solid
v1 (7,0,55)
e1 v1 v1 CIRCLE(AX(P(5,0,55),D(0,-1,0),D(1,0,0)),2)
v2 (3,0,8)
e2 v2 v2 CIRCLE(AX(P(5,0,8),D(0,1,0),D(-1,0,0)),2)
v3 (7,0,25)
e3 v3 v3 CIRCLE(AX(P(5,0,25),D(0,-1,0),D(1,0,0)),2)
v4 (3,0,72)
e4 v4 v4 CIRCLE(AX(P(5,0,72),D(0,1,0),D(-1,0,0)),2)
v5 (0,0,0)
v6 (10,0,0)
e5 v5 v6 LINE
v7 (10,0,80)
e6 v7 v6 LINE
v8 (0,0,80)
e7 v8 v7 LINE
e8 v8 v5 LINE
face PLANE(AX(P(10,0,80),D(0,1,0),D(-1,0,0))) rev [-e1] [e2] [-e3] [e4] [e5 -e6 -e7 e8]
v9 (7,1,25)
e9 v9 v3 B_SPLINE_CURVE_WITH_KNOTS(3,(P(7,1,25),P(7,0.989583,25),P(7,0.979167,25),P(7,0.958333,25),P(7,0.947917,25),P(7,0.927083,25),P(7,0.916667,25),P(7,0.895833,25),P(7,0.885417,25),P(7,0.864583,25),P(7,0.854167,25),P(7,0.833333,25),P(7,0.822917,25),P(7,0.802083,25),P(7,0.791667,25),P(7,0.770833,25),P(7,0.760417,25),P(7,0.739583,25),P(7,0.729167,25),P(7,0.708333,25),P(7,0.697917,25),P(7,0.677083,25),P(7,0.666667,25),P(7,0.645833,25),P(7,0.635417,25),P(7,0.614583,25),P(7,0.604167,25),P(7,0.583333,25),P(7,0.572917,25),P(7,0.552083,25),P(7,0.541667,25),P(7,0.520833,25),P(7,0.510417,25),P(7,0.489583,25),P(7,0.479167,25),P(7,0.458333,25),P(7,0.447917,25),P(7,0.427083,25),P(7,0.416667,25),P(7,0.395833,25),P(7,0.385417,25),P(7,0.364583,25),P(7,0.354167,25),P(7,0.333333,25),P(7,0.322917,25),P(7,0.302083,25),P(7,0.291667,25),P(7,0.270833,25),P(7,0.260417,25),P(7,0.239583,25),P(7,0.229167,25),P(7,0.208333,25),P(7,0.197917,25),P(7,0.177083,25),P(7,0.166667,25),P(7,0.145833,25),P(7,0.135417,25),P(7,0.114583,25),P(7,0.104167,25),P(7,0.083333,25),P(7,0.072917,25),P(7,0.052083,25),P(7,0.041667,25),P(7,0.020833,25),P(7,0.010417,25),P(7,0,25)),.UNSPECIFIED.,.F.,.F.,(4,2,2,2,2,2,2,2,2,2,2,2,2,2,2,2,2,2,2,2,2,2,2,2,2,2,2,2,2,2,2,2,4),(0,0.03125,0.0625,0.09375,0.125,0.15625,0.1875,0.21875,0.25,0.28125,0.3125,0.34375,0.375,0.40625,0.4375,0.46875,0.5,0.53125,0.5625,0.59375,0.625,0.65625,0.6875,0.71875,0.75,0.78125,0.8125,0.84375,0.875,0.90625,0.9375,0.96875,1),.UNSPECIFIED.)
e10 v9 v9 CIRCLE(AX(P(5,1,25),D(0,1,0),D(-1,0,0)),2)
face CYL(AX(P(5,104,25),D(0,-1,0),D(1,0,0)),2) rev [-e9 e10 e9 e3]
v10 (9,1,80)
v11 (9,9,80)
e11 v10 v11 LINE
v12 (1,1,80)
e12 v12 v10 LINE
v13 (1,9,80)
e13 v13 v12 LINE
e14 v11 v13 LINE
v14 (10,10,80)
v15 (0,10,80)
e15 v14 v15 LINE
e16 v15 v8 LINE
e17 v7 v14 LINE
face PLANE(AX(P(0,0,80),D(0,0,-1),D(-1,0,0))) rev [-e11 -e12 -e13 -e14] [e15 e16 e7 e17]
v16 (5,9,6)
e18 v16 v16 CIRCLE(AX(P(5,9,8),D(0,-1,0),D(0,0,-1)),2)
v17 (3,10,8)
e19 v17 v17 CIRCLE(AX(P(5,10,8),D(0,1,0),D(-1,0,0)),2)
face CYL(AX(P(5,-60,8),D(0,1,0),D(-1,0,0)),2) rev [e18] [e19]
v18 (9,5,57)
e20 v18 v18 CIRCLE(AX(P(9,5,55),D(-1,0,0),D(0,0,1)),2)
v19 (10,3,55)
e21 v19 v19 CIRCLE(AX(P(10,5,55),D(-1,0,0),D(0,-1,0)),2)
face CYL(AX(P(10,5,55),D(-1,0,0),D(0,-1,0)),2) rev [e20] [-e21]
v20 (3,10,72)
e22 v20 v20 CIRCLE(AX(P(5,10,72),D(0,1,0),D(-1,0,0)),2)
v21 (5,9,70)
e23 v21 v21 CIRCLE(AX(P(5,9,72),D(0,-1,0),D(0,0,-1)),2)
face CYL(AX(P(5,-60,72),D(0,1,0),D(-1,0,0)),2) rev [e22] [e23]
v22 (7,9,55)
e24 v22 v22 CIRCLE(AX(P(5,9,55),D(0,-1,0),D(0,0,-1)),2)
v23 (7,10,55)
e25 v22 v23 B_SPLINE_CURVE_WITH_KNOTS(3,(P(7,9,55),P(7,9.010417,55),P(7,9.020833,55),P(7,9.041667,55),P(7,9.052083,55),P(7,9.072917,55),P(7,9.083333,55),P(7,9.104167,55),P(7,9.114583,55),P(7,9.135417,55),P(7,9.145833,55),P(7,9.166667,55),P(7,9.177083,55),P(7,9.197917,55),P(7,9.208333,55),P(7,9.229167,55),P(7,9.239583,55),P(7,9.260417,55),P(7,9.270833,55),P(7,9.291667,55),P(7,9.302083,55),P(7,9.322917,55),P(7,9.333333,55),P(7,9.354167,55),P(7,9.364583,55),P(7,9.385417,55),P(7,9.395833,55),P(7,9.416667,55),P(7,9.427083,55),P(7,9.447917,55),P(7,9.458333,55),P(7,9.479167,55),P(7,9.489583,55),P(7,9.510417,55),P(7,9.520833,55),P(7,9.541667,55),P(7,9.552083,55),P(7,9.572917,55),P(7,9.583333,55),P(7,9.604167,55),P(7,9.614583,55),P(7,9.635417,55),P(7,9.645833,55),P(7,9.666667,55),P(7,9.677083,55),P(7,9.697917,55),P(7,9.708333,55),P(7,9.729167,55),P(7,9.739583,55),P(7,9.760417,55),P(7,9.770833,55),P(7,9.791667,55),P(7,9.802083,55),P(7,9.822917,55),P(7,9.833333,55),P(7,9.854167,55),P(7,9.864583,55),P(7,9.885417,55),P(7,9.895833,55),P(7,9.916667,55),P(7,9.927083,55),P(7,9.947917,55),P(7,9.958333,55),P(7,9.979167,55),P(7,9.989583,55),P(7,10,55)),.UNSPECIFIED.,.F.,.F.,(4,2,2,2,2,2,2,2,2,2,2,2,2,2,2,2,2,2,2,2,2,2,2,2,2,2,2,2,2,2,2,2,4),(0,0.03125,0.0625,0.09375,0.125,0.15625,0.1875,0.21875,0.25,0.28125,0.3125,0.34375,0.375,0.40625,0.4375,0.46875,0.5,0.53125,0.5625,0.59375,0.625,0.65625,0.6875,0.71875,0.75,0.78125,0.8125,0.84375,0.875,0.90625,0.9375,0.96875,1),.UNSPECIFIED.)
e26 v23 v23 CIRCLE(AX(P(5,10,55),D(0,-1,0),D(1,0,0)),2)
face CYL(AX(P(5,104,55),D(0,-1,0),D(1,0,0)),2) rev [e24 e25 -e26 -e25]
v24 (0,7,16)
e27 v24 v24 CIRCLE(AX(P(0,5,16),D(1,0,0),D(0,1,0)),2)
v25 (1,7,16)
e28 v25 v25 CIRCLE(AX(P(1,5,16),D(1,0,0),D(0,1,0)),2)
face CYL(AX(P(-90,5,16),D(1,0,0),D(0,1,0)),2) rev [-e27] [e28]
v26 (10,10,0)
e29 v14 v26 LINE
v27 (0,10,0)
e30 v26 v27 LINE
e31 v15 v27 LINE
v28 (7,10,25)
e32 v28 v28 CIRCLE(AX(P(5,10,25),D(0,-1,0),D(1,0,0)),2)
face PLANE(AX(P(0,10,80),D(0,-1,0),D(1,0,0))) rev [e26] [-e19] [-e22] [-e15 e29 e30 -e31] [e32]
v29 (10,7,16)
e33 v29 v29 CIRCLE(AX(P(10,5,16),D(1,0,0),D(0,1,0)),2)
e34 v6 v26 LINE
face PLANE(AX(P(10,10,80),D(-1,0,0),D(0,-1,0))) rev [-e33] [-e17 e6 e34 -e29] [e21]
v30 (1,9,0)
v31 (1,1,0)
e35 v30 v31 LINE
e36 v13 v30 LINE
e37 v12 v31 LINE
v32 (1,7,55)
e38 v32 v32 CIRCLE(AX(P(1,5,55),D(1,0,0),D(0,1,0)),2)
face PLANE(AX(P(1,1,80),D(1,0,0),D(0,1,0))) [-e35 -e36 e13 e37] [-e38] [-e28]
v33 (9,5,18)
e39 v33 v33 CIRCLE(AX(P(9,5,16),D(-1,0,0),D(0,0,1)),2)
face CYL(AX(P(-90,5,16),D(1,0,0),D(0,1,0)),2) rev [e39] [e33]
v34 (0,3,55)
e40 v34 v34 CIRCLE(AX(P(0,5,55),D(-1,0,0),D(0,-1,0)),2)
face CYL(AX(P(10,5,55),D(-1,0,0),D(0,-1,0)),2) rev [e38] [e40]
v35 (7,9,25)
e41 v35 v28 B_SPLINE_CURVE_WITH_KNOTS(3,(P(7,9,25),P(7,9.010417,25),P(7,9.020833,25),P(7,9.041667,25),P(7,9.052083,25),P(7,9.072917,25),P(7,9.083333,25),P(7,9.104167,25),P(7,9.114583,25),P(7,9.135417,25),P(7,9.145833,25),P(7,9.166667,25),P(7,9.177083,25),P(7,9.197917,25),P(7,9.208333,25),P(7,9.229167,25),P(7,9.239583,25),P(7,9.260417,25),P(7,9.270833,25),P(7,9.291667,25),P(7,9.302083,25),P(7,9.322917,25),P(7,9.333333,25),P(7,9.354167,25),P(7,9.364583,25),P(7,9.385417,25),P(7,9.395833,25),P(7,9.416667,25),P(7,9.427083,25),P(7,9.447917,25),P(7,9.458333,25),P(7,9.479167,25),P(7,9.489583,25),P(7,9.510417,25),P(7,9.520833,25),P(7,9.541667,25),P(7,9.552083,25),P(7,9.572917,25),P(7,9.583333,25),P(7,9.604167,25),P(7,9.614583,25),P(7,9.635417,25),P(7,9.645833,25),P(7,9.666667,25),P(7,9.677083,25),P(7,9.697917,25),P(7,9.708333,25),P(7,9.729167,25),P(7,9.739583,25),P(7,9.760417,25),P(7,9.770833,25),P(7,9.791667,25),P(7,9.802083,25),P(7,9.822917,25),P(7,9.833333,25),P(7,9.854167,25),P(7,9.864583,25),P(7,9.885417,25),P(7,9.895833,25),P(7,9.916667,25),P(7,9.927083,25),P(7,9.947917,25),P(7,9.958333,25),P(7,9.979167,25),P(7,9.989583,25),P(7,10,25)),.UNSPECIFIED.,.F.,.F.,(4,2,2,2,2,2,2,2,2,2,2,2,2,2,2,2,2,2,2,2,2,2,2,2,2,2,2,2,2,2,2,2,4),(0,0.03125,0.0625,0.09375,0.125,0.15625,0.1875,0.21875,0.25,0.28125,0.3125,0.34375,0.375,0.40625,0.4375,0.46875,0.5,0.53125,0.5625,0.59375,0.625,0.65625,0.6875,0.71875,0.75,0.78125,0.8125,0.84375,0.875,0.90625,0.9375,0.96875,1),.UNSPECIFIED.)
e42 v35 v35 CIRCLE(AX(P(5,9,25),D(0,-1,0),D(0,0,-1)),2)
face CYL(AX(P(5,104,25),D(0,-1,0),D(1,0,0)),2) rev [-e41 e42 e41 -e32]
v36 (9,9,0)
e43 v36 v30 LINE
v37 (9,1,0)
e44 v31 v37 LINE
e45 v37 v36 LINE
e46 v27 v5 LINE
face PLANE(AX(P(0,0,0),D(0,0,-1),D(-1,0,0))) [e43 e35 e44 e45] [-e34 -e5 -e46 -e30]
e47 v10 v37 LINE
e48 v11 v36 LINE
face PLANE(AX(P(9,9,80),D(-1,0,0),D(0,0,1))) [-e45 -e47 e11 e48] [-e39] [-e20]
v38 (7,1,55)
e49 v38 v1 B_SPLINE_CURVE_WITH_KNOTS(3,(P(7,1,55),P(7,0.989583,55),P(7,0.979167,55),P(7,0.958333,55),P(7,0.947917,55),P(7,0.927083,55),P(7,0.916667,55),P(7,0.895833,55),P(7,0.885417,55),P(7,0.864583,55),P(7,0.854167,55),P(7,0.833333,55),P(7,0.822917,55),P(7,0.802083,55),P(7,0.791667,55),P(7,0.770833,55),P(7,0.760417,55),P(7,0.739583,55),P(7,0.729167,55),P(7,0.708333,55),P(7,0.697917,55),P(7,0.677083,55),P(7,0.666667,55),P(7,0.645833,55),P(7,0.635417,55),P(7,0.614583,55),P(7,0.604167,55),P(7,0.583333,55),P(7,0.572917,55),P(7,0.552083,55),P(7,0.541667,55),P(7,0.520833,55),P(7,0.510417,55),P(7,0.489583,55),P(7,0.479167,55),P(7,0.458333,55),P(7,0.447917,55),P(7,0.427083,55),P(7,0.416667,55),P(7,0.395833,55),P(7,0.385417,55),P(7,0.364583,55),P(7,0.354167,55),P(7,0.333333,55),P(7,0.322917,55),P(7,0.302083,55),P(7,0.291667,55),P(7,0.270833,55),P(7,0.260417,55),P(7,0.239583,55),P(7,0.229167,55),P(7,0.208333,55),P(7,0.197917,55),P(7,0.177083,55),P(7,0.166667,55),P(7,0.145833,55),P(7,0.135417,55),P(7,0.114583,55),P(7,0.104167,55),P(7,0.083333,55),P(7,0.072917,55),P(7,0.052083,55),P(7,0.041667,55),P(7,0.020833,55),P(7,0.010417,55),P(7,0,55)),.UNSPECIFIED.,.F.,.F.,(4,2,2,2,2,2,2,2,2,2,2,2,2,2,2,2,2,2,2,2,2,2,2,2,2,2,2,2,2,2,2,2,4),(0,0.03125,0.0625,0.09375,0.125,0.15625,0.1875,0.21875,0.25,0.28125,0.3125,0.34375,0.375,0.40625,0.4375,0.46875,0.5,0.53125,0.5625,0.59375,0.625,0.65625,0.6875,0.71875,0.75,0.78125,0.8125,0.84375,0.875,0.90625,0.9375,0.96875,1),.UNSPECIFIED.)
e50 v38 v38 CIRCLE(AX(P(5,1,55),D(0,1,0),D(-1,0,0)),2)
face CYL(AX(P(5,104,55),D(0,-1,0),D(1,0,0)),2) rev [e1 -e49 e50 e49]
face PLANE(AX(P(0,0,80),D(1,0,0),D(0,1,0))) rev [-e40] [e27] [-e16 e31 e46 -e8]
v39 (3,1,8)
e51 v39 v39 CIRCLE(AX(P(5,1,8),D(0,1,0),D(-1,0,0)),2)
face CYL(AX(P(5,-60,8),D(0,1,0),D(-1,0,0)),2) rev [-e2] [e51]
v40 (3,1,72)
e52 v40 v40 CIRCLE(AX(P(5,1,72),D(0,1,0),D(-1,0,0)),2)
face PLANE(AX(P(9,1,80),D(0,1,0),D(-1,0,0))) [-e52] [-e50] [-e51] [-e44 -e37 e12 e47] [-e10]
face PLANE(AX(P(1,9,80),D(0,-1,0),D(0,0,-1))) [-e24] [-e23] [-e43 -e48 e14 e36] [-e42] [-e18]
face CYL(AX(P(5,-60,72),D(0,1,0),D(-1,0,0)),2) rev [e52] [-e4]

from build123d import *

# Parameters (mm, degrees)
SKETCH_1_W          = 10
SKETCH_1_H          = 10
SKETCH_1_W_2        = 8
SKETCH_1_H_2        = 8
EXTRUDE_2_DEPTH     = 80
SKETCH_2_R          = 2
CUT_EXTRUDE_1_DEPTH = 70
SKETCH_3_R          = 2
CUT_EXTRUDE_2_DEPTH = 104
SKETCH_4_R          = 2
CUT_EXTRUDE_3_DEPTH = 104
SKETCH_5_R          = 2
CUT_EXTRUDE_4_DEPTH = 100
SKETCH_6_R          = 2
CUT_EXTRUDE_5_DEPTH = 10


with BuildPart() as part:
    # 草图1 → 凸台-拉伸2 (new body)
    with BuildSketch(Plane.XY):
        with Locations((5, 5)):
            Rectangle(SKETCH_1_W, SKETCH_1_H)
        with Locations((5, 5)):
            Rectangle(SKETCH_1_W_2, SKETCH_1_H_2, mode=Mode.SUBTRACT)
    extrude(amount=EXTRUDE_2_DEPTH)

    # 草图2 → 切除-拉伸1 (cut)
    with BuildSketch(Plane(origin=(0, 10, 0), x_dir=(1, 0, 0), z_dir=(0, 1, 0))):
        with Locations(Location((5, -72, 0), (0, 0, 180))):
            Circle(SKETCH_2_R)
        with Locations(Location((5, -8, 0), (0, 0, 180))):
            Circle(SKETCH_2_R)
    extrude(amount=-CUT_EXTRUDE_1_DEPTH, mode=Mode.SUBTRACT)

    # 草图3 → 切除-拉伸2 (cut)
    with BuildSketch(Plane.XZ):
        with Locations((5, 25)):
            Circle(SKETCH_3_R)
    extrude(amount=-CUT_EXTRUDE_2_DEPTH, mode=Mode.SUBTRACT)

    # 草图4 → 切除-拉伸3 (cut)
    with BuildSketch(Plane.XZ):
        with Locations((5, 55)):
            Circle(SKETCH_4_R)
    extrude(amount=-CUT_EXTRUDE_3_DEPTH, mode=Mode.SUBTRACT)

    # 草图5 → 切除-拉伸4 (cut)
    with BuildSketch(Plane(origin=(10, 0, 0), x_dir=(0, 0, -1), z_dir=(1, 0, 0))):
        with Locations(Location((-16, 5, 0), (0, 0, 90))):
            Circle(SKETCH_5_R)
    extrude(amount=-CUT_EXTRUDE_4_DEPTH, mode=Mode.SUBTRACT)

    # 草图6 → 切除-拉伸5 (cut)
    with BuildSketch(Plane.ZY):
        with Locations(Location((55, 5, 0), (0, 0, 270))):
            Circle(SKETCH_6_R)
    extrude(amount=-CUT_EXTRUDE_5_DEPTH, mode=Mode.SUBTRACT)


solid = part.part
